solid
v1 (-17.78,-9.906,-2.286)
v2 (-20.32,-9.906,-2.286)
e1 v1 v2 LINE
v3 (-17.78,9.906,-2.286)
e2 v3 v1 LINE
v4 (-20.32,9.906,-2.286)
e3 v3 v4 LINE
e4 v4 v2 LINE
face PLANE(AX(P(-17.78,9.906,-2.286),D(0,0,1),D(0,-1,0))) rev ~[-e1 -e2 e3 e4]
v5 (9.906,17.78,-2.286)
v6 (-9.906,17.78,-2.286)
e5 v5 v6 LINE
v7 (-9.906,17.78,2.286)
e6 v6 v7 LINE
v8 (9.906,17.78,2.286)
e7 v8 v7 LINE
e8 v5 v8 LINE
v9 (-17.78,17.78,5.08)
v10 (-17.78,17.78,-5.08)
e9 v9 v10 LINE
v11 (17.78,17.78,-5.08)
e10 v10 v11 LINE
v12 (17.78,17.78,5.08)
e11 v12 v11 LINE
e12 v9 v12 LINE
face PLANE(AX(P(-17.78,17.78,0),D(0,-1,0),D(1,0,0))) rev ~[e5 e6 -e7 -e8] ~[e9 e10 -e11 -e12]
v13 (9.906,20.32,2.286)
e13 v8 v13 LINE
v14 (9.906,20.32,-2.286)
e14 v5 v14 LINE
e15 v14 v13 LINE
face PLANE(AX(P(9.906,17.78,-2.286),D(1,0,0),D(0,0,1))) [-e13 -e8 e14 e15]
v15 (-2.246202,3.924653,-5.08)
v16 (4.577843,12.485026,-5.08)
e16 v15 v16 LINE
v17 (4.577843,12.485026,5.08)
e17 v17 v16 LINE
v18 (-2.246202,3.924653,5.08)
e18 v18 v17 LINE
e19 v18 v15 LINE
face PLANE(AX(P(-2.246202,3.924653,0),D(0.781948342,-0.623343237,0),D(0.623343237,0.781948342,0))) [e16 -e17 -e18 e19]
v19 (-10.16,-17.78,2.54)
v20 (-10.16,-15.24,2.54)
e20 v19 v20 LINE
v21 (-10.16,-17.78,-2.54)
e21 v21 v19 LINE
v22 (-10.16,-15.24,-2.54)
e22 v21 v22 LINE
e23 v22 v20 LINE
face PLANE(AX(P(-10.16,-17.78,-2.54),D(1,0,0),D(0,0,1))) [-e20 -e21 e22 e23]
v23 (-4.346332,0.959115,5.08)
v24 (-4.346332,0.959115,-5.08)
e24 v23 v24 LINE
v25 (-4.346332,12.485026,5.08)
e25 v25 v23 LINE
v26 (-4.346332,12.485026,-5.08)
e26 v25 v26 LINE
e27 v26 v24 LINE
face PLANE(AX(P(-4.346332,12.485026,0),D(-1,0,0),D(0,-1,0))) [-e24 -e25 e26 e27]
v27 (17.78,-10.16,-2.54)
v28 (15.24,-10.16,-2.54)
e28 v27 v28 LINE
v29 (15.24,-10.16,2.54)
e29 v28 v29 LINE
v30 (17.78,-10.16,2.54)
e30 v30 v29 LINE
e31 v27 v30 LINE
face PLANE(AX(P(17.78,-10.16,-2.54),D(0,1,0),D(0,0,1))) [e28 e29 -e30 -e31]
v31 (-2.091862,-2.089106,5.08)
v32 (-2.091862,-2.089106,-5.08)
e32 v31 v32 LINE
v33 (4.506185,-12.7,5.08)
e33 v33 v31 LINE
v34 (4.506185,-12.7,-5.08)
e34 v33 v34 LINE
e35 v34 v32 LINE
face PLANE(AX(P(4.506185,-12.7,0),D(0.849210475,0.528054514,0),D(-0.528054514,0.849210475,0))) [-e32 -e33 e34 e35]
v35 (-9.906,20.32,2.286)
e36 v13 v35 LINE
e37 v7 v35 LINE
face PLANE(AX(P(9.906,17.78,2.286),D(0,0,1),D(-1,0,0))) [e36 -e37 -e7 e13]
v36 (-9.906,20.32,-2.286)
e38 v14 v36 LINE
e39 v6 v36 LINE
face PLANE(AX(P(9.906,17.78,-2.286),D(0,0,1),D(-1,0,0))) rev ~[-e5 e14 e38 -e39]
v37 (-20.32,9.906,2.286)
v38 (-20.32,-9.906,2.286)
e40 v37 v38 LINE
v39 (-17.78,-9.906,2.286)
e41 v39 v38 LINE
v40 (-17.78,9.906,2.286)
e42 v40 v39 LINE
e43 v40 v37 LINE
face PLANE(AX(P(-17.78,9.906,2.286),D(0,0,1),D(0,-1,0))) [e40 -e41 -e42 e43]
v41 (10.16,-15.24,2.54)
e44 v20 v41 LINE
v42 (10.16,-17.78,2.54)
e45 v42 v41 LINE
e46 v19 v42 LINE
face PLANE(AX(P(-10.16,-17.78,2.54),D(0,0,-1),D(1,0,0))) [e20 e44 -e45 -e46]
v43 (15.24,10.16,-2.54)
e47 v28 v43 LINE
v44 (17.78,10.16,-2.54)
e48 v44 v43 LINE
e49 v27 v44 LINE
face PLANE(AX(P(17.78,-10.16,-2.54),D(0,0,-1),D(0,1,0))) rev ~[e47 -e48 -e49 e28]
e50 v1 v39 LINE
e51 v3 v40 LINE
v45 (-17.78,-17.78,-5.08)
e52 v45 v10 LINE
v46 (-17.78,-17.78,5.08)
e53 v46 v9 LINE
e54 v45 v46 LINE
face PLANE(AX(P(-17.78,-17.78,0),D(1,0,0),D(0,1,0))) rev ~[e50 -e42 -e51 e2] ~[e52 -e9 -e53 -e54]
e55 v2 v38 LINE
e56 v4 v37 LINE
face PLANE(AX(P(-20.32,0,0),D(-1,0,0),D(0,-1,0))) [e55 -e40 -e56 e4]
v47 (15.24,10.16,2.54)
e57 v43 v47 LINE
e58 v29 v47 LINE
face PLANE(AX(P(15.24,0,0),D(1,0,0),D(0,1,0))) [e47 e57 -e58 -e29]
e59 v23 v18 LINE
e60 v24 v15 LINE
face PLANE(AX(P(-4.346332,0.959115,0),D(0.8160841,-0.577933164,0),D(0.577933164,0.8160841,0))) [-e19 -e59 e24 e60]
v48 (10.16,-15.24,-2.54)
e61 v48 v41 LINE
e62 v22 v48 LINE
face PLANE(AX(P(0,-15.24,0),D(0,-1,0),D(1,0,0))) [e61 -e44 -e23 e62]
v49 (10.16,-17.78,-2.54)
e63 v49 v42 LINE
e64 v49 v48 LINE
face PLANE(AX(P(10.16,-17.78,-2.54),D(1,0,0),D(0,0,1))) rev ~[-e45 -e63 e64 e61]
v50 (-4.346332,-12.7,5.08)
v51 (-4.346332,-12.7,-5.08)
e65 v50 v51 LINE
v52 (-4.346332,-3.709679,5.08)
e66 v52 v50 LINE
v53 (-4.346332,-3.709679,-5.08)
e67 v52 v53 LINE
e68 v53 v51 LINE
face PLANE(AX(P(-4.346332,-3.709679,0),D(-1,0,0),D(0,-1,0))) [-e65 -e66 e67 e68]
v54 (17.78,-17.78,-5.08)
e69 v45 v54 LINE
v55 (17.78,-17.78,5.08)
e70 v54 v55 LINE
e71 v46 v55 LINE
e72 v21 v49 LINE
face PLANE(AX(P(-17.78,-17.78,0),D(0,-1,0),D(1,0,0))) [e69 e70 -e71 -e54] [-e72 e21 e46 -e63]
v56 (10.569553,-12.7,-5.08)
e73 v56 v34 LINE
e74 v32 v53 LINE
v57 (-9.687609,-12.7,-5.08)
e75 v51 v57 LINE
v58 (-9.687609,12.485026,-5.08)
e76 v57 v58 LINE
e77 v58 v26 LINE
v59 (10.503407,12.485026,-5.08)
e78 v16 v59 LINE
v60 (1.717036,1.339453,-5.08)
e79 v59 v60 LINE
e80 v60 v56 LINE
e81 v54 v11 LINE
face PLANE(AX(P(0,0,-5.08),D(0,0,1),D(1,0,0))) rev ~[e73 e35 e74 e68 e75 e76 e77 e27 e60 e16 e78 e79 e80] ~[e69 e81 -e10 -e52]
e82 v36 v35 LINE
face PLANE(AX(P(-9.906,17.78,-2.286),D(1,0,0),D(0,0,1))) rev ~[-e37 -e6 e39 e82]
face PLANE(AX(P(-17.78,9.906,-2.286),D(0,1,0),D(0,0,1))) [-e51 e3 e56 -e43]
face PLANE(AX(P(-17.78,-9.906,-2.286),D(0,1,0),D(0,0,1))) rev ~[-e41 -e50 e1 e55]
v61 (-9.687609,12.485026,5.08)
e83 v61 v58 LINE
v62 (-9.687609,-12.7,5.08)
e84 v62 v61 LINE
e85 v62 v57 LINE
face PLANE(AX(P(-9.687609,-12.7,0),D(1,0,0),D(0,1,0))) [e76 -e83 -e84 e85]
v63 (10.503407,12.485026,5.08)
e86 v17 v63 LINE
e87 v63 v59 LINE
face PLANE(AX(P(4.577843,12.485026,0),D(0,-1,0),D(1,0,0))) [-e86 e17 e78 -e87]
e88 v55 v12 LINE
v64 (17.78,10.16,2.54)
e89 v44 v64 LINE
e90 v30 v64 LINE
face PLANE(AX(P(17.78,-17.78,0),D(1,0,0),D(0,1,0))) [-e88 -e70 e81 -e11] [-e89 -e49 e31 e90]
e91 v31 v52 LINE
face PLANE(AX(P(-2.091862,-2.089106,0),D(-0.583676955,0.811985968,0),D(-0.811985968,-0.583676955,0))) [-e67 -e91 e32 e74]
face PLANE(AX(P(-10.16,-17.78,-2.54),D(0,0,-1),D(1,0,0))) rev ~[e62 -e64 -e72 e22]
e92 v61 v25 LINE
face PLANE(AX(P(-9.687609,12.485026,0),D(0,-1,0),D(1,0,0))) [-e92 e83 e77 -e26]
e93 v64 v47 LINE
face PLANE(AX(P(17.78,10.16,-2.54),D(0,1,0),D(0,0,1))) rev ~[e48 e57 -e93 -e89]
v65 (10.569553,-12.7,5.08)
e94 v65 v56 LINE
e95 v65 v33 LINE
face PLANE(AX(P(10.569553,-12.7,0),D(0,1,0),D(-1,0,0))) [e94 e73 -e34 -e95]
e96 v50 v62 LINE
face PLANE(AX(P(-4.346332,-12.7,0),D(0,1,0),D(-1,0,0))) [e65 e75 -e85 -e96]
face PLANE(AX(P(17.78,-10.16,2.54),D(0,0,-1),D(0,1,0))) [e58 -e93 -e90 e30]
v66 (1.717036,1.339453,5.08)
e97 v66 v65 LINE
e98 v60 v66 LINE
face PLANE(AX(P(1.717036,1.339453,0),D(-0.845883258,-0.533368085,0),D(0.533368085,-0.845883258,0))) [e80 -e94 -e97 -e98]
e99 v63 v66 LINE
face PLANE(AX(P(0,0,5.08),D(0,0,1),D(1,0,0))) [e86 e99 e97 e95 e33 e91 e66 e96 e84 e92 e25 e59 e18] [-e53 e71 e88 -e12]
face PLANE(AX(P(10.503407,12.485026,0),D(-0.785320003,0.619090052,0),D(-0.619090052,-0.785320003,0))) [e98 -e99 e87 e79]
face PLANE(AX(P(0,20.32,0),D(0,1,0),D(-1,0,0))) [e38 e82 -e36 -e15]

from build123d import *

# Parameters (mm, degrees)
F0_W     = 35.56
F0_H     = 35.56
F1_DEPTH = 5.08
F2_W     = 19.812
F2_H     = 4.572
F3_DEPTH = 2.54
F4_W     = 19.812
F4_H     = 4.572
F5_DEPTH = 2.54
F6_W     = 20.32
F6_H     = 5.08
F7_DEPTH = 2.54
F8_W     = 20.32
F8_H     = 5.08
F9_DEPTH = 2.54


with BuildPart() as f1:
    # F0 (on Top) → F1 (new body, symmetric)
    with BuildSketch(Plane.XY):
        Rectangle(F0_W, F0_H)
        Polygon((1.7170355903, 1.339453125), (10.5695529514, -12.7), (4.5061848958, -12.7), (-2.0918619792, -2.0891059028), (-4.3463324653, -3.7096788194), (-4.3463324653, -12.7), (-9.6876085069, -12.7), (-9.6876085069, 12.4850260417), (-4.3463324653, 12.4850260417), (-4.3463324653, 0.9591145833), (-2.2462022569, 3.9246527778), (4.5778428819, 12.4850260417), (10.5034071181, 12.4850260417), align=None, mode=Mode.SUBTRACT)
    extrude(amount=F1_DEPTH, both=True)

    # F2 (on face) → F3 (join)
    with BuildSketch(Plane(origin=(0, 17.78, 0), x_dir=(-1, 0, 0), z_dir=(0, 1, 0))):
        Rectangle(F2_W, F2_H)
    extrude(amount=F3_DEPTH)

    # F4 (on face) → F5 (join)
    with BuildSketch(Plane(origin=(-17.78, 0, 0), x_dir=(0, -1, 0), z_dir=(-1, 0, 0))):
        Rectangle(F4_W, F4_H)
    extrude(amount=F5_DEPTH)

    # F6 (on face) → F7 (cut)
    with BuildSketch(Plane.XZ.offset(17.78)):
        Rectangle(F6_W, F6_H)
    extrude(amount=-F7_DEPTH, mode=Mode.SUBTRACT)

    # F8 (on face) → F9 (cut)
    with BuildSketch(Plane.YZ.offset(17.78)):
        Rectangle(F8_W, F8_H)
    extrude(amount=-F9_DEPTH, mode=Mode.SUBTRACT)


solid = f1.part
